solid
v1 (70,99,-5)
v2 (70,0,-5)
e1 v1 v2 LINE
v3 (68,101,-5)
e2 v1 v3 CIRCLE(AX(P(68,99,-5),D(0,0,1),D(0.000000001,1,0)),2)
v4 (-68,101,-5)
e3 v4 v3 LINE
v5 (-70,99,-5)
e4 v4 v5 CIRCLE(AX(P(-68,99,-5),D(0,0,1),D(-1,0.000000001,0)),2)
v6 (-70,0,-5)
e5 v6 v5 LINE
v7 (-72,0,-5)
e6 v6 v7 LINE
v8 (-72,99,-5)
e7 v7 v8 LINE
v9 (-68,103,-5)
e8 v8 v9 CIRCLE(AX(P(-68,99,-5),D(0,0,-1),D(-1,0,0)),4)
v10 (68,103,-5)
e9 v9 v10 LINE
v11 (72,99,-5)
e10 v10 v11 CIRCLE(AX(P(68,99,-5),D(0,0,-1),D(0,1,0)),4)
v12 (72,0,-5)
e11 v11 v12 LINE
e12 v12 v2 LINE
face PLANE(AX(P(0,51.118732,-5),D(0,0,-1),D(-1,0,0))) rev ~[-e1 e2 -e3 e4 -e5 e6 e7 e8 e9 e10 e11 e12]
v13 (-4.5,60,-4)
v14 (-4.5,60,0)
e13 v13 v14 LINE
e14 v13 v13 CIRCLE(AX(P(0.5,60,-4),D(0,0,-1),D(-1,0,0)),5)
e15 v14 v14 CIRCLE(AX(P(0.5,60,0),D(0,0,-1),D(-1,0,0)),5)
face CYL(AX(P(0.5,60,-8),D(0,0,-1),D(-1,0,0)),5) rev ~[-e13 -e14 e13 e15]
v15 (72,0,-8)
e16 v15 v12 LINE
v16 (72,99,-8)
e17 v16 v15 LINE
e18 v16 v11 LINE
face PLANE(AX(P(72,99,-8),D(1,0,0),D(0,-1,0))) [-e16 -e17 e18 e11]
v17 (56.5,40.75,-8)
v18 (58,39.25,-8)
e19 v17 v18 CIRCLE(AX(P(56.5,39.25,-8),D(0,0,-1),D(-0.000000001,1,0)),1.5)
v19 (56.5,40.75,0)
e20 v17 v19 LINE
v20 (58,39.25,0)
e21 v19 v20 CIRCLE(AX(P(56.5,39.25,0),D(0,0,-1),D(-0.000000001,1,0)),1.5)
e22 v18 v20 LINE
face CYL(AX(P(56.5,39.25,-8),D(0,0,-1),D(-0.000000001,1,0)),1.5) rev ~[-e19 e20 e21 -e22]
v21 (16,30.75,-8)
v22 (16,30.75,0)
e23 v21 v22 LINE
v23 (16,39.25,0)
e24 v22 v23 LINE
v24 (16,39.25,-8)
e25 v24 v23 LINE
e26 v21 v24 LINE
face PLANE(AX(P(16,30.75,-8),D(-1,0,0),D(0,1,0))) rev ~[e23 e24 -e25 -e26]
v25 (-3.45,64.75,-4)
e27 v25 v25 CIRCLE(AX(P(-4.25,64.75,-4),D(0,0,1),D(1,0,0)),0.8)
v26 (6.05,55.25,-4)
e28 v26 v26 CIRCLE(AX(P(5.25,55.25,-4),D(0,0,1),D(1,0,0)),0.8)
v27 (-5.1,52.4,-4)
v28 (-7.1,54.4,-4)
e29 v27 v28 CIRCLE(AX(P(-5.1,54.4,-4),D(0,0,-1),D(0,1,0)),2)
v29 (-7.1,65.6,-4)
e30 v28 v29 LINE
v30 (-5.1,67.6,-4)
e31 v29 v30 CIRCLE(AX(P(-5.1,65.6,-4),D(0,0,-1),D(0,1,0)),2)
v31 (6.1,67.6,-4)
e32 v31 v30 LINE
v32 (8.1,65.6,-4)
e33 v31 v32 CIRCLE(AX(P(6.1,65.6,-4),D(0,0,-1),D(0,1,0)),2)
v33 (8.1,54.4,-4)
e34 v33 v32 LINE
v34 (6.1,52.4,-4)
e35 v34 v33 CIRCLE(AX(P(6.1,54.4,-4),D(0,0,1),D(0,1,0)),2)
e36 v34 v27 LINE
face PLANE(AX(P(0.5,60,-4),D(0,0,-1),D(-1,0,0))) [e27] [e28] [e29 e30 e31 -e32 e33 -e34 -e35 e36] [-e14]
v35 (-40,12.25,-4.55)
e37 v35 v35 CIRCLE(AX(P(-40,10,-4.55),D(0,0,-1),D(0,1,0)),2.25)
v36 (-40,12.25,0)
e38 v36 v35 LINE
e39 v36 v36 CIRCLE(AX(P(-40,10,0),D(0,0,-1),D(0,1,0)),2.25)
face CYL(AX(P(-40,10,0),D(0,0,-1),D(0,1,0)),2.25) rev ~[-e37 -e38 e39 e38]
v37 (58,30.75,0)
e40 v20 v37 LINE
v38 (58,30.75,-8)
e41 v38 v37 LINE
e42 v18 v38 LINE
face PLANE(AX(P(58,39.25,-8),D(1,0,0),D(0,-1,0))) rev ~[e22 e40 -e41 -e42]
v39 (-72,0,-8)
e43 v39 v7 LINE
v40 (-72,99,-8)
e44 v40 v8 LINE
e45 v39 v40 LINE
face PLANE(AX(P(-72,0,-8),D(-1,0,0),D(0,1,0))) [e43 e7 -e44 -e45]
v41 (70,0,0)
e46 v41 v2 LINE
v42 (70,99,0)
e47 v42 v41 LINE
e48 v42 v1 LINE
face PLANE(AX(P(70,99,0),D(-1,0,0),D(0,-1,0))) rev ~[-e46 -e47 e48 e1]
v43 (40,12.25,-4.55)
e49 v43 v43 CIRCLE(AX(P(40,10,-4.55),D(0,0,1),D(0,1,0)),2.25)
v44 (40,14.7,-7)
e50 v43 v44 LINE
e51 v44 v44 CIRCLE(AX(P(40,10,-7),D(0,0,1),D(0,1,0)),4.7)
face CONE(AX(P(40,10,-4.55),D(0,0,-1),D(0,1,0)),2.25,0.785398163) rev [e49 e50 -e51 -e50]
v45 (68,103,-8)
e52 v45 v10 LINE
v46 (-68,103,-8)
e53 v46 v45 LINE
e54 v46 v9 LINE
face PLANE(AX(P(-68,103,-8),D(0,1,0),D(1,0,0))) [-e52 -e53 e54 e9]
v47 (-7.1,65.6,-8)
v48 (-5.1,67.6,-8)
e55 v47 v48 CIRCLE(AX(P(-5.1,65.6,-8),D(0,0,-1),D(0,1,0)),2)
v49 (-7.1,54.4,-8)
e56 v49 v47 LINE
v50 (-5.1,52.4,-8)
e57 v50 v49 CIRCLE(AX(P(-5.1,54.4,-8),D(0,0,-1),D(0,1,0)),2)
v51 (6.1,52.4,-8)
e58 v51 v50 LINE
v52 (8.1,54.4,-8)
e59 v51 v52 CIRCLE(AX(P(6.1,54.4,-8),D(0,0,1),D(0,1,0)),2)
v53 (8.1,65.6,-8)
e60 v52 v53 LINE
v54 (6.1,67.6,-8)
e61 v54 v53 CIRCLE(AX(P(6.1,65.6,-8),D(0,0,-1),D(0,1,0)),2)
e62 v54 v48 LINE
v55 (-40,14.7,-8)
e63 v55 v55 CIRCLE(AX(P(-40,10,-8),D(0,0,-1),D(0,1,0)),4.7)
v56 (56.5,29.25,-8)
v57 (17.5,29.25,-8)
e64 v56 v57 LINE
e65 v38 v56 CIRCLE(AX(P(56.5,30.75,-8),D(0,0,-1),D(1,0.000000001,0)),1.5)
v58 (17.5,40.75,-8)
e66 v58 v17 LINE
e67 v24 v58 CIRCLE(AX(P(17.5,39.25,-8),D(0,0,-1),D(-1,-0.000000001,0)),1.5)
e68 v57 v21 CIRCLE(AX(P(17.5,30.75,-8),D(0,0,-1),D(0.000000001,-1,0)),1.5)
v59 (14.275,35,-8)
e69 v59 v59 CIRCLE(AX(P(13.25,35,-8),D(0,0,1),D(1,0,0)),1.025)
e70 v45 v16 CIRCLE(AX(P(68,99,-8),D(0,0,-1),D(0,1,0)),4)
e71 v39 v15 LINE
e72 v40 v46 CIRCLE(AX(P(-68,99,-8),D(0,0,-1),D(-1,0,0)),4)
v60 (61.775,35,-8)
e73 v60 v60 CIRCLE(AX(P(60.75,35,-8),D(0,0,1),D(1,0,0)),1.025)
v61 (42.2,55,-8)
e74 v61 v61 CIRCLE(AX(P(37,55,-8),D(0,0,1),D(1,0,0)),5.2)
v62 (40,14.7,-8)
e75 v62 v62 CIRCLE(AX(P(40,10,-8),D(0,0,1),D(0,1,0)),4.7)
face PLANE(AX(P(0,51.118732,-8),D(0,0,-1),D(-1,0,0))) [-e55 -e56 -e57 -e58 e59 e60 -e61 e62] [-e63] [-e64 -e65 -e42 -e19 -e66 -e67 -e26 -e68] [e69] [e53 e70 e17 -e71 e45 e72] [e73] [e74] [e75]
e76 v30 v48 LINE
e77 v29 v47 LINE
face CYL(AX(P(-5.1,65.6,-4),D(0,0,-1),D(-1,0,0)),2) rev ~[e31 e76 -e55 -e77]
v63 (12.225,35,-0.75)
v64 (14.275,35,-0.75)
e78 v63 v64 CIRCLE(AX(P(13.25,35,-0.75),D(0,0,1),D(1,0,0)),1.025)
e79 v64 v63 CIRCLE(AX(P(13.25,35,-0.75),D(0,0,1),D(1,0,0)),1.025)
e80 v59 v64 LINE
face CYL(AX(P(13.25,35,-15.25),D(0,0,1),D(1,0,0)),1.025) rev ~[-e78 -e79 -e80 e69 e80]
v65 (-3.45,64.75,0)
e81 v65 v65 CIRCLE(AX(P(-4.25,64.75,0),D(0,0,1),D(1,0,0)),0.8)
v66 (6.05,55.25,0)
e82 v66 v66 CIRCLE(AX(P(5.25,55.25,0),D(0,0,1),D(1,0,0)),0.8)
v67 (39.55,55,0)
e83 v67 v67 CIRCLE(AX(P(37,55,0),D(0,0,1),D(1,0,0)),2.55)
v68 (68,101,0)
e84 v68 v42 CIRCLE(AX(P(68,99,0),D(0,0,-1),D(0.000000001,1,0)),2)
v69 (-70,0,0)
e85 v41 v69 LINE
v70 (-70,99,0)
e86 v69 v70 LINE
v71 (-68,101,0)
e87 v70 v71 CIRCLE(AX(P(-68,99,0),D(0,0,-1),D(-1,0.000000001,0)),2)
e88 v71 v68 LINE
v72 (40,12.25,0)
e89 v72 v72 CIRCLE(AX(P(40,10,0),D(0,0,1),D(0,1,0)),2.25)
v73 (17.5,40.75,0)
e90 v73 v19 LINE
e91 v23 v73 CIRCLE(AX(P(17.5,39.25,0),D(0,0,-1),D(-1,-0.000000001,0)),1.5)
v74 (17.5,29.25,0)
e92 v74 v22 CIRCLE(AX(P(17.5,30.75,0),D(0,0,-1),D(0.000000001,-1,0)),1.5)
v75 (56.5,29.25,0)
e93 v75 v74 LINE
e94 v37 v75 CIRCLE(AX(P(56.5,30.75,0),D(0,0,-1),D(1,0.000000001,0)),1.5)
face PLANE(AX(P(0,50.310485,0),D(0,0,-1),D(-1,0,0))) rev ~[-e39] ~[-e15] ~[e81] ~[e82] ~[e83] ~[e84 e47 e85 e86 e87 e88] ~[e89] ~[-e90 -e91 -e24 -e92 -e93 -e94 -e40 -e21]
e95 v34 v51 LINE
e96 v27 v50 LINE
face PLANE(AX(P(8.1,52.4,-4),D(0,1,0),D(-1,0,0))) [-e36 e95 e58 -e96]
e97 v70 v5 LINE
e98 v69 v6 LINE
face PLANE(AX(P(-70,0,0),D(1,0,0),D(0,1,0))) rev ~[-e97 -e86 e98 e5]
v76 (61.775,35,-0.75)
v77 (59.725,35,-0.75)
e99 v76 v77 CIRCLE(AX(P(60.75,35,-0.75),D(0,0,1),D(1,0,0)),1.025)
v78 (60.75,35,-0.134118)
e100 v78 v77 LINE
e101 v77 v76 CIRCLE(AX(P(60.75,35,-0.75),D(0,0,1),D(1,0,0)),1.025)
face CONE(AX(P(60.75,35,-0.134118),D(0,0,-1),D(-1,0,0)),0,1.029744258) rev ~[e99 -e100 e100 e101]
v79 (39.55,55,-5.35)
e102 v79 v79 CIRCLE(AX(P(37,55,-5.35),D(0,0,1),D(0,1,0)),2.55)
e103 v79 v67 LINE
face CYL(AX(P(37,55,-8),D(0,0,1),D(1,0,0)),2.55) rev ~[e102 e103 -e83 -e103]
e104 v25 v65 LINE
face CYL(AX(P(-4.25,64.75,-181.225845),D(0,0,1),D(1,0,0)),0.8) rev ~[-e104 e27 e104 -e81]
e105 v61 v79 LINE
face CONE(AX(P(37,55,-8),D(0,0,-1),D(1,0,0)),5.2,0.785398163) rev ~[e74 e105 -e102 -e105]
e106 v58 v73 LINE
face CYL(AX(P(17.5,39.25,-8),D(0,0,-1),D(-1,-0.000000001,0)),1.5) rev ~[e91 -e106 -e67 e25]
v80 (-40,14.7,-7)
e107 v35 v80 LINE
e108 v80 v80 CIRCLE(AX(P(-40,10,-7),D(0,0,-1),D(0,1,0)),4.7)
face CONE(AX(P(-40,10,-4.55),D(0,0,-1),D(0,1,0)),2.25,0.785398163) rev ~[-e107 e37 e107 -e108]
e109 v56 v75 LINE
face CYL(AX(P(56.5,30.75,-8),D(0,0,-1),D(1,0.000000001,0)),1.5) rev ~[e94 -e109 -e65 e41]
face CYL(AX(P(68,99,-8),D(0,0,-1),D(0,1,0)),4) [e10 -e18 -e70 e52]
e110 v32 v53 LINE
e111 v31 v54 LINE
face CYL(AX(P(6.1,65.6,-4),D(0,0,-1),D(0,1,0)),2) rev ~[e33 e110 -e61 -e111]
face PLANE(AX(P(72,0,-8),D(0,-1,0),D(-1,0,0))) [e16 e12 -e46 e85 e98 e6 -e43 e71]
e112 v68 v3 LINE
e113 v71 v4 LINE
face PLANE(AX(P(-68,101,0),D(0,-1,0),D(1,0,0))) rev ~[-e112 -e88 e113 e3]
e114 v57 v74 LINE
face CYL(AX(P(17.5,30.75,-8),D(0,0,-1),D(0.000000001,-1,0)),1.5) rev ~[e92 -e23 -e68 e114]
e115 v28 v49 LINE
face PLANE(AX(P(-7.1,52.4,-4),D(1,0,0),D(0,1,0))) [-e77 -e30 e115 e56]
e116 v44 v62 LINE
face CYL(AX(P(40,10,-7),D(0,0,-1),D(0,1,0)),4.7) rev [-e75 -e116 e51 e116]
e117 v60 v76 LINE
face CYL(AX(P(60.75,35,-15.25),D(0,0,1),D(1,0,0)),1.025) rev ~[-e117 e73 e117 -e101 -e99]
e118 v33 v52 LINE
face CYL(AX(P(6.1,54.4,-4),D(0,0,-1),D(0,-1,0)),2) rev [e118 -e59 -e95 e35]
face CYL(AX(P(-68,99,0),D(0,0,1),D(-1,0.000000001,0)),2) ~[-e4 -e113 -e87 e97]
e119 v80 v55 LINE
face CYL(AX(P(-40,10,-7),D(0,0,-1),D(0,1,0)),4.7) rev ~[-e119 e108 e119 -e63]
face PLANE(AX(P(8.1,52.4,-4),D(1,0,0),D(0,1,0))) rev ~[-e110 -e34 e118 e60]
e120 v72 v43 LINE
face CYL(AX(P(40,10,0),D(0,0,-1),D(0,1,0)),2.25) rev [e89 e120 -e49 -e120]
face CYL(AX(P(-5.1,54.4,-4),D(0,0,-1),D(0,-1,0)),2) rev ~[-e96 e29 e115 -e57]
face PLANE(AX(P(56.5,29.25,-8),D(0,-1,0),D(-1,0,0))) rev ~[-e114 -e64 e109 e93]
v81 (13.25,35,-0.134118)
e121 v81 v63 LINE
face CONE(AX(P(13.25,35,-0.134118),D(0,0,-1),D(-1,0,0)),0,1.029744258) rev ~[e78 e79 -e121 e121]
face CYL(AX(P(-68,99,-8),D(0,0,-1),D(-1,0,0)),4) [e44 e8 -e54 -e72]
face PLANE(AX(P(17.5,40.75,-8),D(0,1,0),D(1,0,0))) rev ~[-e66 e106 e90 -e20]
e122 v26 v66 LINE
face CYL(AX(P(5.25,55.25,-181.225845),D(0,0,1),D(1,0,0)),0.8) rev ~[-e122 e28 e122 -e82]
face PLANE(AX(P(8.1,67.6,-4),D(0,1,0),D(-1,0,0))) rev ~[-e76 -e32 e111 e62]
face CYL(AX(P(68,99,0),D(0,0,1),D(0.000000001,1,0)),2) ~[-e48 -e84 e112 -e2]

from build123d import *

# Parameters (mm, degrees)
BOSS_EXTRUDE1_DEPTH                                 = 8
BOSS_EXTRUDE2_DEPTH                                 = 3
CUT_EXTRUDE1_START                                  = -4
SKETCH13_W                                          = 15.2
SKETCH13_H                                          = 15.2
CUT_EXTRUDE1_DEPTH                                  = 4
FILLET1_R                                           = 2
SKETCH14_R                                          = 5
CUT_EXTRUDE4_DEPTH                                  = 126.924580603
M2_TAPPED_HOLE1_D                                   = 1.6
CUT_EXTRUDE5_DEPTH                                  = 126.924580603
M2_5_TAPPED_HOLE1_D                                 = 2.05
M2_5_TAPPED_HOLE1_DEPTH                             = 7.25
M2_5_TAPPED_HOLE1_TIP                               = 0.615882135
CSK_FOR_M5_COUNTERSUNK_FLAT_HEAD_SCREW1_D           = 5.1
CSK_FOR_M5_COUNTERSUNK_FLAT_HEAD_SCREW1_CSINK_D     = 10.4
CSK_FOR_M5_COUNTERSUNK_FLAT_HEAD_SCREW1_CSINK_ANGLE = 90


with BuildPart() as part:
    # Sketch3 → Boss-Extrude1 (new body)
    with BuildSketch(Plane(origin=(0, 0, 0), x_dir=(-1, 0, 0), z_dir=(0, 0, -1))):
        with BuildLine():
            Line((-70, 0), (70, 0))
            Line((70, 0), (70, 99))
            ThreePointArc((70, 99), (69.414213562, 100.414213562), (68, 101))
            Line((68, 101), (-68, 101))
            ThreePointArc((-68, 101), (-69.414213562, 100.414213562), (-70, 99))
            Line((-70, 99), (-70, 0))
        make_face()
    extrude(amount=BOSS_EXTRUDE1_DEPTH)

    # Sketch4 → Boss-Extrude2 (add)
    with BuildSketch(Plane(origin=(0, 0, -8), x_dir=(-1, 0, 0), z_dir=(0, 0, -1))):
        with BuildLine():
            Line((-72, 0), (72, 0))
            Line((72, 0), (72, 99))
            ThreePointArc((72, 99), (70.828427125, 101.828427125), (68, 103))
            Line((68, 103), (-68, 103))
            ThreePointArc((-68, 103), (-70.828427125, 101.828427125), (-72, 99))
            Line((-72, 99), (-72, 0))
        make_face()
    extrude(amount=-BOSS_EXTRUDE2_DEPTH)

    # Sketch5 → CSK for M4 Countersunk Flat Head Screw1 (revolve, cut)
    with BuildSketch(Plane(origin=(40, 10, -8), x_dir=(0, 1, 0), z_dir=(1, 0, 0))):
        Polygon((0, 0), (0, 8), (2.25, 8), (2.25, 3.45), (4.7, 1), (4.7, 0), align=None)
    csk_for_m4_countersunk_flat_head_screw1 = revolve(axis=Axis((40, 10, -14.35), (0, 0, 1)), mode=Mode.SUBTRACT)

    # Mirror1: CSK for M4 Countersunk Flat Head Screw1 across plane
    add(csk_for_m4_countersunk_flat_head_screw1.mirror(Plane(origin=(0, 0, 0), x_dir=(0, 0, 1), z_dir=(1, 0, 0))), mode=Mode.SUBTRACT)

    # Sketch13 → Cut-Extrude1 (cut)
    with BuildSketch(Plane(origin=(0, 0, -8), x_dir=(-1, 0, 0), z_dir=(0, 0, -1)).offset(CUT_EXTRUDE1_START)):
        with Locations((-0.5, 60)):
            Rectangle(SKETCH13_W, SKETCH13_H)
    extrude(amount=CUT_EXTRUDE1_DEPTH, mode=Mode.SUBTRACT)

    # Fillet1
    fillet1_edges = [part.edges().sort_by_distance(p)[0] for p in [
        (8.1, 67.6, -6),
        (8.1, 52.4, -6),
        (-7.1, 52.4, -6),
        (-7.1, 67.6, -6),
    ]]
    fillet(fillet1_edges, radius=FILLET1_R)

    # Sketch14 → Cut-Extrude4 (cut, through all)
    with BuildSketch(Plane(origin=(0, 0, -8), x_dir=(-1, 0, 0), z_dir=(0, 0, -1))):
        with Locations((-0.5, 60)):
            Circle(SKETCH14_R)
    extrude(amount=-CUT_EXTRUDE4_DEPTH, mode=Mode.SUBTRACT)

    # M2 Tapped Hole1 (through all)
    with Locations(Plane(origin=(0, 0, -4), x_dir=(-1, 0, 0), z_dir=(0, 0, -1))):
        with Locations((4.25, 64.75), (-5.25, 55.25)):
            Hole(M2_TAPPED_HOLE1_D / 2)

    # DB conn slot → Cut-Extrude5 (cut, through all)
    with BuildSketch(Plane(origin=(0, 0, -8), x_dir=(-1, 0, 0), z_dir=(0, 0, -1))):
        with BuildLine():
            Line((-56.5, 29.25), (-17.5, 29.25))
            ThreePointArc((-17.5, 29.25), (-16.439339828, 29.689339828), (-16, 30.75))
            Line((-16, 30.75), (-16, 39.25))
            ThreePointArc((-16, 39.25), (-16.439339828, 40.310660172), (-17.5, 40.75))
            Line((-17.5, 40.75), (-56.5, 40.75))
            ThreePointArc((-56.5, 40.75), (-57.560660172, 40.310660172), (-58, 39.25))
            Line((-58, 39.25), (-58, 30.75))
            ThreePointArc((-58, 30.75), (-57.560660172, 29.689339828), (-56.5, 29.25))
        make_face()
    extrude(amount=-CUT_EXTRUDE5_DEPTH, mode=Mode.SUBTRACT)

    # M2.5 Tapped Hole1
    with Locations(Plane(origin=(0, 0, -8), x_dir=(-1, 0, 0), z_dir=(0, 0, -1))):
        with Locations((-60.75, 35), (-13.25, 35)):
            Hole(M2_5_TAPPED_HOLE1_D / 2, depth=M2_5_TAPPED_HOLE1_DEPTH)
            with Locations((0, 0, -(M2_5_TAPPED_HOLE1_DEPTH + M2_5_TAPPED_HOLE1_TIP / 2))):  # 118° drill point
                Cone(0, M2_5_TAPPED_HOLE1_D / 2, M2_5_TAPPED_HOLE1_TIP, mode=Mode.SUBTRACT)

    # CSK for M5 Countersunk Flat Head Screw1 (through all)
    with Locations(Plane(origin=(0, 0, -8), x_dir=(-1, 0, 0), z_dir=(0, 0, -1))):
        with Locations((-37, 55)):
            CounterSinkHole(CSK_FOR_M5_COUNTERSUNK_FLAT_HEAD_SCREW1_D / 2, CSK_FOR_M5_COUNTERSUNK_FLAT_HEAD_SCREW1_CSINK_D / 2, counter_sink_angle=CSK_FOR_M5_COUNTERSUNK_FLAT_HEAD_SCREW1_CSINK_ANGLE)


solid = part.part
